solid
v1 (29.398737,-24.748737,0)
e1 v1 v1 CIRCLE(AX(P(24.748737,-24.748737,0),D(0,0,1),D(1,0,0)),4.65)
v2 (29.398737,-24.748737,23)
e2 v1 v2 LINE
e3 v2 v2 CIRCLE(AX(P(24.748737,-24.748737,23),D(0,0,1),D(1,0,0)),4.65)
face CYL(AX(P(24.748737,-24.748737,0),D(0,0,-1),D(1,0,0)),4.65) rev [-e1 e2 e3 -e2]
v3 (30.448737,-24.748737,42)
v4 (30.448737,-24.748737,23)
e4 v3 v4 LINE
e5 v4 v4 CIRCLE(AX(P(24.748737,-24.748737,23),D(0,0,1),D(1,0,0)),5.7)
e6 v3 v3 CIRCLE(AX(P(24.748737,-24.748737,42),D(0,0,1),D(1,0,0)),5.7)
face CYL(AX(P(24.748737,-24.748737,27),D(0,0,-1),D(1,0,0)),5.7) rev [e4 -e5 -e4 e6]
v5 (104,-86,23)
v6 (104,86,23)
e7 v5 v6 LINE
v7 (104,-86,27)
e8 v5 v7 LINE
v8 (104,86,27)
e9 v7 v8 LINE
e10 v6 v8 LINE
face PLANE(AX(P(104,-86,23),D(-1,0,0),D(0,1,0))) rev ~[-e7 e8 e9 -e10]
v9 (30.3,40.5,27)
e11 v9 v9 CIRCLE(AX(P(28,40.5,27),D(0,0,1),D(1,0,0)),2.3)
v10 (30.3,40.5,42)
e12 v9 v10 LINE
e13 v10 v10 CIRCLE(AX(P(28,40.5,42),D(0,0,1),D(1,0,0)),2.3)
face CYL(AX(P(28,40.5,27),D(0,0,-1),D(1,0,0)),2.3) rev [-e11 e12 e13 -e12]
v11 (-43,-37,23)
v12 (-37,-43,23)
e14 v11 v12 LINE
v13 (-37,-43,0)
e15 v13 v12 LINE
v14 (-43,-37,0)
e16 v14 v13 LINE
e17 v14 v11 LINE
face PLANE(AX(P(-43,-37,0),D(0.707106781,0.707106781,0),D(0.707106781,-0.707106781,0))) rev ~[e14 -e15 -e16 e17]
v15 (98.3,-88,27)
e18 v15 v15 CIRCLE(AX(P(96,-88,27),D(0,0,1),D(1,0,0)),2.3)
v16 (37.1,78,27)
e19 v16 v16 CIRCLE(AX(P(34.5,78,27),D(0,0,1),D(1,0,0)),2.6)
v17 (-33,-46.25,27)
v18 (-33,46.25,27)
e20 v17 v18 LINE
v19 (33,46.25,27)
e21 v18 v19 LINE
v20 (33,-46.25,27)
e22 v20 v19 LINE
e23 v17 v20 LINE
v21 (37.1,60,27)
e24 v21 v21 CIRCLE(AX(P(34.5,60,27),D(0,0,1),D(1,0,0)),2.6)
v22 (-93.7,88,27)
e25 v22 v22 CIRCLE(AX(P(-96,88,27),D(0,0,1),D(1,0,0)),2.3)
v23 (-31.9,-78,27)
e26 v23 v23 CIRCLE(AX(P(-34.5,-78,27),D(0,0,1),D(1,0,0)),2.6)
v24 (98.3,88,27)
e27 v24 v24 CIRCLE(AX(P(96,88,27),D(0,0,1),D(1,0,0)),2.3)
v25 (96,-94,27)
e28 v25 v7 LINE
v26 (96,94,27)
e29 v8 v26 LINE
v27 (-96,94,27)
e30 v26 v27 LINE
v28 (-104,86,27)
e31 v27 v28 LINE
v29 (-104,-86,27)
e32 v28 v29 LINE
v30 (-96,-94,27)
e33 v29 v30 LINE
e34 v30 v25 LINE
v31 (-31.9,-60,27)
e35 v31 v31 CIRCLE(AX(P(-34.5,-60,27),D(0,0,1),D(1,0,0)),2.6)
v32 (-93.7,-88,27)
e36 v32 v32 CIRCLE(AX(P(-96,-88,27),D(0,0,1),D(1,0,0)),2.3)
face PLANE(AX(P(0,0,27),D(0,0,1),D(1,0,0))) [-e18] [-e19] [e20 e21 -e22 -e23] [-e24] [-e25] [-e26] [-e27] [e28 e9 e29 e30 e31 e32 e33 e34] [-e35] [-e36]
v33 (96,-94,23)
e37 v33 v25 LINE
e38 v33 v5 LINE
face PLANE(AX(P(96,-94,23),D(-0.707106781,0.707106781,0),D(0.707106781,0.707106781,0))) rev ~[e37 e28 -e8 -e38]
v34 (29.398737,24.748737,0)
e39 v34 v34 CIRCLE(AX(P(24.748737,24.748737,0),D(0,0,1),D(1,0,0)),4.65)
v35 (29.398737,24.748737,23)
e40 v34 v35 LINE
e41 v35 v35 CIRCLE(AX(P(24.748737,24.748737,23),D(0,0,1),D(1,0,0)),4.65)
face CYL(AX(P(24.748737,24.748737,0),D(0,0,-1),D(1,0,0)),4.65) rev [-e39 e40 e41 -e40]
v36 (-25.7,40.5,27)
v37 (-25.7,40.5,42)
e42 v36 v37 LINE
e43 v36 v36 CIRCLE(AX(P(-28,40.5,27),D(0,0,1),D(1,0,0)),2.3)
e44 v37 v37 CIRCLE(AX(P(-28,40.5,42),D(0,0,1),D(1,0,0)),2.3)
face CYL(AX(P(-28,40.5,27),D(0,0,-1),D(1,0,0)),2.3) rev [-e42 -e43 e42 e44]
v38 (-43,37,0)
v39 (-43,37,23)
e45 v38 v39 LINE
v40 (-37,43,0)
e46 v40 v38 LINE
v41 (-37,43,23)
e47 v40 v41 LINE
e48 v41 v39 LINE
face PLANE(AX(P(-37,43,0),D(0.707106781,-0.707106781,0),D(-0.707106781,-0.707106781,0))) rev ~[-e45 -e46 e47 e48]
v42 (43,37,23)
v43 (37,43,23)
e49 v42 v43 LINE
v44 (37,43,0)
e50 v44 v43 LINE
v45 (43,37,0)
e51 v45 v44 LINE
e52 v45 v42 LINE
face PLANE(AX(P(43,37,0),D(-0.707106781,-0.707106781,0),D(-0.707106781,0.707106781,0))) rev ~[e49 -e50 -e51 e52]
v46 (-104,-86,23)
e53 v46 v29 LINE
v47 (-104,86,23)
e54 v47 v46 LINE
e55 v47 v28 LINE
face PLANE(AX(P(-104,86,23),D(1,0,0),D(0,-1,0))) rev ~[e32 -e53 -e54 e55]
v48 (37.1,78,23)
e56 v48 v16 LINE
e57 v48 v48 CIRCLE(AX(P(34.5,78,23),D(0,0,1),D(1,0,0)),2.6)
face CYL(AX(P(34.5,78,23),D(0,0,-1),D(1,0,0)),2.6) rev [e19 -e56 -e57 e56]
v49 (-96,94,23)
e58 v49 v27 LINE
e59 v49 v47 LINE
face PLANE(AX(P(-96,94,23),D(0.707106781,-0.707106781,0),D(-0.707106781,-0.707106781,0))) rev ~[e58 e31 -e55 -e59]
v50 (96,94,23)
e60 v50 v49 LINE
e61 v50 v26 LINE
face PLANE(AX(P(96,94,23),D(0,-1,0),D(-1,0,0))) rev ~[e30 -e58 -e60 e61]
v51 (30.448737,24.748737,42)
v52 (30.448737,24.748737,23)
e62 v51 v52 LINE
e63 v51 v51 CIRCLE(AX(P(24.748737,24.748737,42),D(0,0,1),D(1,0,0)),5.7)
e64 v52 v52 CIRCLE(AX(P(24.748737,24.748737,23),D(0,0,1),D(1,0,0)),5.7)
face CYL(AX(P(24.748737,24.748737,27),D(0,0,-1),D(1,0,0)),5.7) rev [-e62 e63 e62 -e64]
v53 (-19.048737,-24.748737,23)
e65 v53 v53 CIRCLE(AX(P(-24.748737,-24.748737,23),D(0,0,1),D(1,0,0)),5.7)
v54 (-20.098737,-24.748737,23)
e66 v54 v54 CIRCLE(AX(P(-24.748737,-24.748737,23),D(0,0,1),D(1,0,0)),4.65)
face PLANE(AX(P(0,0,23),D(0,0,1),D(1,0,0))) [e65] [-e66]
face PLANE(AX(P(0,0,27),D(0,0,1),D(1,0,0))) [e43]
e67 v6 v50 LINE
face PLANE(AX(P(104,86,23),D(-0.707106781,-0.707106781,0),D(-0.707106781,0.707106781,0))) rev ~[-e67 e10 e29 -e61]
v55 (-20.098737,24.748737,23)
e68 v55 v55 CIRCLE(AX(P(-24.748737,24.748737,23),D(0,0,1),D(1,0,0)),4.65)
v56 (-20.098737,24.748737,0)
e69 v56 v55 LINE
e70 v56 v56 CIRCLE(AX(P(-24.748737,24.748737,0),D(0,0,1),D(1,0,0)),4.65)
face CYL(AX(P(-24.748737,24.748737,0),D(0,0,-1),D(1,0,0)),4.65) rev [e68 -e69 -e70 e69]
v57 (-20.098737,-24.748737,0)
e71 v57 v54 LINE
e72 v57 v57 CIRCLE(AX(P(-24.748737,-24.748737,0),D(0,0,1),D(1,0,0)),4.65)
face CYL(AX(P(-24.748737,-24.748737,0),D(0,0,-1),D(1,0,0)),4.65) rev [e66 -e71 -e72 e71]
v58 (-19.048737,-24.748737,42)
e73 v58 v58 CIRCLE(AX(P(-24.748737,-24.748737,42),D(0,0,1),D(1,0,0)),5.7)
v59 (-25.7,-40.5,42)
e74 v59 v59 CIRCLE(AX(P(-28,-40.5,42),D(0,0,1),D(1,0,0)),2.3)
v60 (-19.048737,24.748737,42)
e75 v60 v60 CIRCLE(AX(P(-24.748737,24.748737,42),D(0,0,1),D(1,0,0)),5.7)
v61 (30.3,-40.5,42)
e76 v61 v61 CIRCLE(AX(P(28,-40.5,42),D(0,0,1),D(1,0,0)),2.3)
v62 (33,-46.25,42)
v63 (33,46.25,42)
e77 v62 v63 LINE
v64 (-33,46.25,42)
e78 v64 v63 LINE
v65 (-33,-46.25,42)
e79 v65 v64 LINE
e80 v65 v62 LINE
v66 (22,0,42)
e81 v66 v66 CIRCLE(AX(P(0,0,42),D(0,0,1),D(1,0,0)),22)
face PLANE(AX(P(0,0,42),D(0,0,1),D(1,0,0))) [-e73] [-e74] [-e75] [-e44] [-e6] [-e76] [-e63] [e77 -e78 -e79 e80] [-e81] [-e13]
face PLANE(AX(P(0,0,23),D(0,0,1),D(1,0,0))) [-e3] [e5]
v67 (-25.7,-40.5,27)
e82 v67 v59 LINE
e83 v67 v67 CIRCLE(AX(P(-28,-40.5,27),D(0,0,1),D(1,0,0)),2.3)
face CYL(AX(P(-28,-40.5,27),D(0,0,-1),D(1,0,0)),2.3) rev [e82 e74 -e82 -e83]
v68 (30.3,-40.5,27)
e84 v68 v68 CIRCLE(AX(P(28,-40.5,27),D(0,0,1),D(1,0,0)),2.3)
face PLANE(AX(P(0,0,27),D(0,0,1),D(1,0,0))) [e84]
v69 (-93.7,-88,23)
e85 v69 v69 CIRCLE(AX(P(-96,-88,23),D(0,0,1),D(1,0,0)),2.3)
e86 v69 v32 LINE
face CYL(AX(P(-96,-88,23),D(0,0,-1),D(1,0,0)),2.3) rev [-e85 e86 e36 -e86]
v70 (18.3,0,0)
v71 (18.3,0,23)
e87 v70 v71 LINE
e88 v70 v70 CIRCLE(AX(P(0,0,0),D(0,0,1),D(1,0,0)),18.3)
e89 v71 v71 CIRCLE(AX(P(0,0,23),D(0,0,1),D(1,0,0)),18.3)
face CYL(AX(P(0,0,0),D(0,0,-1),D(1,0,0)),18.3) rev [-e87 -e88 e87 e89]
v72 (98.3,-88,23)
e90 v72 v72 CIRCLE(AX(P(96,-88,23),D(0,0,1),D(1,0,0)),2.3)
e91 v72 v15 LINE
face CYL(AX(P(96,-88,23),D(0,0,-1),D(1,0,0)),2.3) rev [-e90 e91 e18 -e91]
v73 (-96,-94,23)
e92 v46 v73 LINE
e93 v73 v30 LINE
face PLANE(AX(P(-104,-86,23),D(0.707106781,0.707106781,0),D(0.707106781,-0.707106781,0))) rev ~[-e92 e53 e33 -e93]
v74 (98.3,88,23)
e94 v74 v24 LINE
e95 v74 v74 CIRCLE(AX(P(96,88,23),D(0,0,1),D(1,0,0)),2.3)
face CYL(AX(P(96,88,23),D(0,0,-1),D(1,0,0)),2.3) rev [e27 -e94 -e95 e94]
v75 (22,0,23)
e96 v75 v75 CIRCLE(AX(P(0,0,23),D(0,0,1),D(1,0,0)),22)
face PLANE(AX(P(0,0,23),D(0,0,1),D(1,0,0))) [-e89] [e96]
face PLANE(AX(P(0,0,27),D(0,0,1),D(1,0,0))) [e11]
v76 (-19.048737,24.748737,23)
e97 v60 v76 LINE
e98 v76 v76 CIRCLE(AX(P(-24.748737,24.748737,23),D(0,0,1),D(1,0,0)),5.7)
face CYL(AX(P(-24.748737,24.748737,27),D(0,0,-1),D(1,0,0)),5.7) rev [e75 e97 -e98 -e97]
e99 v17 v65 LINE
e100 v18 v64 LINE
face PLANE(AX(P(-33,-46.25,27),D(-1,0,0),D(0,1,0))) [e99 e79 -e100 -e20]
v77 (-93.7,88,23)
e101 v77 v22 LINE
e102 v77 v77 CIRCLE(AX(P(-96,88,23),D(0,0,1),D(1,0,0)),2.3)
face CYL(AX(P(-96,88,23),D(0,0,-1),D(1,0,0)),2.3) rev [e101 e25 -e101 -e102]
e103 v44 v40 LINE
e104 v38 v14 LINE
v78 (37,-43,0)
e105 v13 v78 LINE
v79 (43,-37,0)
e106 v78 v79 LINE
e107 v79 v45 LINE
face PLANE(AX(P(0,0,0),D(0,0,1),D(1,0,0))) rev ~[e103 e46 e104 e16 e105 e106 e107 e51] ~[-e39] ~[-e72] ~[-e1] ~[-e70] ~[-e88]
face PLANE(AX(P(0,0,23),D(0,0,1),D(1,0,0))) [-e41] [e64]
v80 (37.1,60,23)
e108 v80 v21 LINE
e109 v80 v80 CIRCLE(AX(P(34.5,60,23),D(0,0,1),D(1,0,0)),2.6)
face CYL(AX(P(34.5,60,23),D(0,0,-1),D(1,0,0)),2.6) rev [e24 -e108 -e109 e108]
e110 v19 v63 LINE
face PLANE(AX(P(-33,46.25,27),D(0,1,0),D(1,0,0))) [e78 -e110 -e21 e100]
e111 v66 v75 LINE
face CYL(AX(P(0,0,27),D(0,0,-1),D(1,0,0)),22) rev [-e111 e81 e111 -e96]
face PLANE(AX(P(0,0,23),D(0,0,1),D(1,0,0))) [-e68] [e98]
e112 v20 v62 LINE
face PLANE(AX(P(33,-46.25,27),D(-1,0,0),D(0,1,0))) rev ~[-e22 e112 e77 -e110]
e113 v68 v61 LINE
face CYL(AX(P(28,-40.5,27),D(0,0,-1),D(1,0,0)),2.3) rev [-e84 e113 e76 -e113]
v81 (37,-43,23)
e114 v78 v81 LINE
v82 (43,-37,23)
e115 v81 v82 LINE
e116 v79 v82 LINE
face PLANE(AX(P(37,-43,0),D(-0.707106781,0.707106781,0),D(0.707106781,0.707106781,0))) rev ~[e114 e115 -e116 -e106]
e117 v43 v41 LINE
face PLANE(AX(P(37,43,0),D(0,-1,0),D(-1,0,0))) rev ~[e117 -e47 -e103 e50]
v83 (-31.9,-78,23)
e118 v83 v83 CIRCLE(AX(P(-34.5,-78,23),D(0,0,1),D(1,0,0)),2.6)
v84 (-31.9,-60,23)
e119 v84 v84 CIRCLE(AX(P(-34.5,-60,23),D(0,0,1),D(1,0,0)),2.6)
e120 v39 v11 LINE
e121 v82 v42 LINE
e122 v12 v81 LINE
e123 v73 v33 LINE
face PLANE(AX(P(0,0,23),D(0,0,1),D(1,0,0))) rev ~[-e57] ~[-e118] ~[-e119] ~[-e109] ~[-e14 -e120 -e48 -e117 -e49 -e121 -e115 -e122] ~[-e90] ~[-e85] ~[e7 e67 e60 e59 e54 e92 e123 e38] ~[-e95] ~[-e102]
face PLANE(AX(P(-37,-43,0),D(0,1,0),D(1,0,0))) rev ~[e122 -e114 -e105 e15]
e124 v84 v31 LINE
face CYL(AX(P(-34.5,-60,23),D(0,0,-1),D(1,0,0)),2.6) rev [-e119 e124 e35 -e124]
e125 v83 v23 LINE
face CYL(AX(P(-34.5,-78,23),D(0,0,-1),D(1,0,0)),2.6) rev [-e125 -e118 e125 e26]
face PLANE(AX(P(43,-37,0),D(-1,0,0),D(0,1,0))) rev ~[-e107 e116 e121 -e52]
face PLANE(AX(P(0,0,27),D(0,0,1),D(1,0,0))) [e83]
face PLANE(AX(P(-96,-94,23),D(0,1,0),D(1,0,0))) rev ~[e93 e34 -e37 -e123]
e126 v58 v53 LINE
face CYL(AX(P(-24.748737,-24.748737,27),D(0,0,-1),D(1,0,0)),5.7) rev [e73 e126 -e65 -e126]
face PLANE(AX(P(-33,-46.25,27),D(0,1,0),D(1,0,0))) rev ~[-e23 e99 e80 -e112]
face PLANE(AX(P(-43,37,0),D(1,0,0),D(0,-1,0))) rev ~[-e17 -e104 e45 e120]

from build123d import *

# Parameters (mm, degrees)
SKETCH1_R                                      = 18.3
SKETCH1_R_2                                    = 4.65
INTEGRAL_HOLT_FLANGE_AND_STEM_CAVITY_DEPTH     = 23
SHARED_START                                   = 23
SKETCH2_R                                      = 22
SKETCH2_R_2                                    = 5.7
SKETCH2_R_3                                    = 2.3
SKETCH2_R_4                                    = 2.6
SHARED_FLAT_LOAD_PLATE_FOR_BOTH_CYLINDER_DEPTH = 4
LOWER_START                                    = 27
SKETCH3_W                                      = 66
SKETCH3_H                                      = 92.5
SKETCH3_R                                      = 22
SKETCH3_R_2                                    = 5.7
SKETCH3_R_3                                    = 2.3
LOWER_BEARING_AND_GUIDE_REGISTER_DEPTH         = 15


with BuildPart() as part:
    # Sketch1 → Integral HOLT flange and stem cavity (new body)
    with BuildSketch(Plane.XY):
        Polygon((-37, -43), (37, -43), (43, -37), (43, 37), (37, 43), (-37, 43), (-43, 37), (-43, -37), align=None)
        Circle(SKETCH1_R, mode=Mode.SUBTRACT)
        with Locations((-24.748737, -24.748737)):
            Circle(SKETCH1_R_2, mode=Mode.SUBTRACT)
        with Locations((-24.748737, 24.748737)):
            Circle(SKETCH1_R_2, mode=Mode.SUBTRACT)
        with Locations((24.748737, -24.748737)):
            Circle(SKETCH1_R_2, mode=Mode.SUBTRACT)
        with Locations((24.748737, 24.748737)):
            Circle(SKETCH1_R_2, mode=Mode.SUBTRACT)
    extrude(amount=INTEGRAL_HOLT_FLANGE_AND_STEM_CAVITY_DEPTH)

    # Sketch2 → Shared flat load plate for both cylinder mounts (add)
    with BuildSketch(Plane.XY.offset(SHARED_START)):
        Polygon((-96, -94), (96, -94), (104, -86), (104, 86), (96, 94), (-96, 94), (-104, 86), (-104, -86), align=None)
        Circle(SKETCH2_R, mode=Mode.SUBTRACT)
        with Locations((-24.748737, -24.748737)):
            Circle(SKETCH2_R_2, mode=Mode.SUBTRACT)
        with Locations((-24.748737, 24.748737)):
            Circle(SKETCH2_R_2, mode=Mode.SUBTRACT)
        with Locations((24.748737, -24.748737)):
            Circle(SKETCH2_R_2, mode=Mode.SUBTRACT)
        with Locations((24.748737, 24.748737)):
            Circle(SKETCH2_R_2, mode=Mode.SUBTRACT)
        with Locations((-96, -88)):
            Circle(SKETCH2_R_3, mode=Mode.SUBTRACT)
        with Locations((-96, 88)):
            Circle(SKETCH2_R_3, mode=Mode.SUBTRACT)
        with Locations((96, -88)):
            Circle(SKETCH2_R_3, mode=Mode.SUBTRACT)
        with Locations((96, 88)):
            Circle(SKETCH2_R_3, mode=Mode.SUBTRACT)
        with Locations((34.5, 60)):
            Circle(SKETCH2_R_4, mode=Mode.SUBTRACT)
        with Locations((34.5, 78)):
            Circle(SKETCH2_R_4, mode=Mode.SUBTRACT)
        with Locations((-34.5, -60)):
            Circle(SKETCH2_R_4, mode=Mode.SUBTRACT)
        with Locations((-34.5, -78)):
            Circle(SKETCH2_R_4, mode=Mode.SUBTRACT)
    extrude(amount=SHARED_FLAT_LOAD_PLATE_FOR_BOTH_CYLINDER_DEPTH)

    # Sketch3 → Lower bearing and guide register (add)
    with BuildSketch(Plane.XY.offset(LOWER_START)):
        Rectangle(SKETCH3_W, SKETCH3_H)
        Circle(SKETCH3_R, mode=Mode.SUBTRACT)
        with Locations((-24.748737, -24.748737)):
            Circle(SKETCH3_R_2, mode=Mode.SUBTRACT)
        with Locations((-24.748737, 24.748737)):
            Circle(SKETCH3_R_2, mode=Mode.SUBTRACT)
        with Locations((24.748737, -24.748737)):
            Circle(SKETCH3_R_2, mode=Mode.SUBTRACT)
        with Locations((24.748737, 24.748737)):
            Circle(SKETCH3_R_2, mode=Mode.SUBTRACT)
        with Locations((-28, -40.5)):
            Circle(SKETCH3_R_3, mode=Mode.SUBTRACT)
        with Locations((-28, 40.5)):
            Circle(SKETCH3_R_3, mode=Mode.SUBTRACT)
        with Locations((28, -40.5)):
            Circle(SKETCH3_R_3, mode=Mode.SUBTRACT)
        with Locations((28, 40.5)):
            Circle(SKETCH3_R_3, mode=Mode.SUBTRACT)
    extrude(amount=LOWER_BEARING_AND_GUIDE_REGISTER_DEPTH)


solid = part.part
